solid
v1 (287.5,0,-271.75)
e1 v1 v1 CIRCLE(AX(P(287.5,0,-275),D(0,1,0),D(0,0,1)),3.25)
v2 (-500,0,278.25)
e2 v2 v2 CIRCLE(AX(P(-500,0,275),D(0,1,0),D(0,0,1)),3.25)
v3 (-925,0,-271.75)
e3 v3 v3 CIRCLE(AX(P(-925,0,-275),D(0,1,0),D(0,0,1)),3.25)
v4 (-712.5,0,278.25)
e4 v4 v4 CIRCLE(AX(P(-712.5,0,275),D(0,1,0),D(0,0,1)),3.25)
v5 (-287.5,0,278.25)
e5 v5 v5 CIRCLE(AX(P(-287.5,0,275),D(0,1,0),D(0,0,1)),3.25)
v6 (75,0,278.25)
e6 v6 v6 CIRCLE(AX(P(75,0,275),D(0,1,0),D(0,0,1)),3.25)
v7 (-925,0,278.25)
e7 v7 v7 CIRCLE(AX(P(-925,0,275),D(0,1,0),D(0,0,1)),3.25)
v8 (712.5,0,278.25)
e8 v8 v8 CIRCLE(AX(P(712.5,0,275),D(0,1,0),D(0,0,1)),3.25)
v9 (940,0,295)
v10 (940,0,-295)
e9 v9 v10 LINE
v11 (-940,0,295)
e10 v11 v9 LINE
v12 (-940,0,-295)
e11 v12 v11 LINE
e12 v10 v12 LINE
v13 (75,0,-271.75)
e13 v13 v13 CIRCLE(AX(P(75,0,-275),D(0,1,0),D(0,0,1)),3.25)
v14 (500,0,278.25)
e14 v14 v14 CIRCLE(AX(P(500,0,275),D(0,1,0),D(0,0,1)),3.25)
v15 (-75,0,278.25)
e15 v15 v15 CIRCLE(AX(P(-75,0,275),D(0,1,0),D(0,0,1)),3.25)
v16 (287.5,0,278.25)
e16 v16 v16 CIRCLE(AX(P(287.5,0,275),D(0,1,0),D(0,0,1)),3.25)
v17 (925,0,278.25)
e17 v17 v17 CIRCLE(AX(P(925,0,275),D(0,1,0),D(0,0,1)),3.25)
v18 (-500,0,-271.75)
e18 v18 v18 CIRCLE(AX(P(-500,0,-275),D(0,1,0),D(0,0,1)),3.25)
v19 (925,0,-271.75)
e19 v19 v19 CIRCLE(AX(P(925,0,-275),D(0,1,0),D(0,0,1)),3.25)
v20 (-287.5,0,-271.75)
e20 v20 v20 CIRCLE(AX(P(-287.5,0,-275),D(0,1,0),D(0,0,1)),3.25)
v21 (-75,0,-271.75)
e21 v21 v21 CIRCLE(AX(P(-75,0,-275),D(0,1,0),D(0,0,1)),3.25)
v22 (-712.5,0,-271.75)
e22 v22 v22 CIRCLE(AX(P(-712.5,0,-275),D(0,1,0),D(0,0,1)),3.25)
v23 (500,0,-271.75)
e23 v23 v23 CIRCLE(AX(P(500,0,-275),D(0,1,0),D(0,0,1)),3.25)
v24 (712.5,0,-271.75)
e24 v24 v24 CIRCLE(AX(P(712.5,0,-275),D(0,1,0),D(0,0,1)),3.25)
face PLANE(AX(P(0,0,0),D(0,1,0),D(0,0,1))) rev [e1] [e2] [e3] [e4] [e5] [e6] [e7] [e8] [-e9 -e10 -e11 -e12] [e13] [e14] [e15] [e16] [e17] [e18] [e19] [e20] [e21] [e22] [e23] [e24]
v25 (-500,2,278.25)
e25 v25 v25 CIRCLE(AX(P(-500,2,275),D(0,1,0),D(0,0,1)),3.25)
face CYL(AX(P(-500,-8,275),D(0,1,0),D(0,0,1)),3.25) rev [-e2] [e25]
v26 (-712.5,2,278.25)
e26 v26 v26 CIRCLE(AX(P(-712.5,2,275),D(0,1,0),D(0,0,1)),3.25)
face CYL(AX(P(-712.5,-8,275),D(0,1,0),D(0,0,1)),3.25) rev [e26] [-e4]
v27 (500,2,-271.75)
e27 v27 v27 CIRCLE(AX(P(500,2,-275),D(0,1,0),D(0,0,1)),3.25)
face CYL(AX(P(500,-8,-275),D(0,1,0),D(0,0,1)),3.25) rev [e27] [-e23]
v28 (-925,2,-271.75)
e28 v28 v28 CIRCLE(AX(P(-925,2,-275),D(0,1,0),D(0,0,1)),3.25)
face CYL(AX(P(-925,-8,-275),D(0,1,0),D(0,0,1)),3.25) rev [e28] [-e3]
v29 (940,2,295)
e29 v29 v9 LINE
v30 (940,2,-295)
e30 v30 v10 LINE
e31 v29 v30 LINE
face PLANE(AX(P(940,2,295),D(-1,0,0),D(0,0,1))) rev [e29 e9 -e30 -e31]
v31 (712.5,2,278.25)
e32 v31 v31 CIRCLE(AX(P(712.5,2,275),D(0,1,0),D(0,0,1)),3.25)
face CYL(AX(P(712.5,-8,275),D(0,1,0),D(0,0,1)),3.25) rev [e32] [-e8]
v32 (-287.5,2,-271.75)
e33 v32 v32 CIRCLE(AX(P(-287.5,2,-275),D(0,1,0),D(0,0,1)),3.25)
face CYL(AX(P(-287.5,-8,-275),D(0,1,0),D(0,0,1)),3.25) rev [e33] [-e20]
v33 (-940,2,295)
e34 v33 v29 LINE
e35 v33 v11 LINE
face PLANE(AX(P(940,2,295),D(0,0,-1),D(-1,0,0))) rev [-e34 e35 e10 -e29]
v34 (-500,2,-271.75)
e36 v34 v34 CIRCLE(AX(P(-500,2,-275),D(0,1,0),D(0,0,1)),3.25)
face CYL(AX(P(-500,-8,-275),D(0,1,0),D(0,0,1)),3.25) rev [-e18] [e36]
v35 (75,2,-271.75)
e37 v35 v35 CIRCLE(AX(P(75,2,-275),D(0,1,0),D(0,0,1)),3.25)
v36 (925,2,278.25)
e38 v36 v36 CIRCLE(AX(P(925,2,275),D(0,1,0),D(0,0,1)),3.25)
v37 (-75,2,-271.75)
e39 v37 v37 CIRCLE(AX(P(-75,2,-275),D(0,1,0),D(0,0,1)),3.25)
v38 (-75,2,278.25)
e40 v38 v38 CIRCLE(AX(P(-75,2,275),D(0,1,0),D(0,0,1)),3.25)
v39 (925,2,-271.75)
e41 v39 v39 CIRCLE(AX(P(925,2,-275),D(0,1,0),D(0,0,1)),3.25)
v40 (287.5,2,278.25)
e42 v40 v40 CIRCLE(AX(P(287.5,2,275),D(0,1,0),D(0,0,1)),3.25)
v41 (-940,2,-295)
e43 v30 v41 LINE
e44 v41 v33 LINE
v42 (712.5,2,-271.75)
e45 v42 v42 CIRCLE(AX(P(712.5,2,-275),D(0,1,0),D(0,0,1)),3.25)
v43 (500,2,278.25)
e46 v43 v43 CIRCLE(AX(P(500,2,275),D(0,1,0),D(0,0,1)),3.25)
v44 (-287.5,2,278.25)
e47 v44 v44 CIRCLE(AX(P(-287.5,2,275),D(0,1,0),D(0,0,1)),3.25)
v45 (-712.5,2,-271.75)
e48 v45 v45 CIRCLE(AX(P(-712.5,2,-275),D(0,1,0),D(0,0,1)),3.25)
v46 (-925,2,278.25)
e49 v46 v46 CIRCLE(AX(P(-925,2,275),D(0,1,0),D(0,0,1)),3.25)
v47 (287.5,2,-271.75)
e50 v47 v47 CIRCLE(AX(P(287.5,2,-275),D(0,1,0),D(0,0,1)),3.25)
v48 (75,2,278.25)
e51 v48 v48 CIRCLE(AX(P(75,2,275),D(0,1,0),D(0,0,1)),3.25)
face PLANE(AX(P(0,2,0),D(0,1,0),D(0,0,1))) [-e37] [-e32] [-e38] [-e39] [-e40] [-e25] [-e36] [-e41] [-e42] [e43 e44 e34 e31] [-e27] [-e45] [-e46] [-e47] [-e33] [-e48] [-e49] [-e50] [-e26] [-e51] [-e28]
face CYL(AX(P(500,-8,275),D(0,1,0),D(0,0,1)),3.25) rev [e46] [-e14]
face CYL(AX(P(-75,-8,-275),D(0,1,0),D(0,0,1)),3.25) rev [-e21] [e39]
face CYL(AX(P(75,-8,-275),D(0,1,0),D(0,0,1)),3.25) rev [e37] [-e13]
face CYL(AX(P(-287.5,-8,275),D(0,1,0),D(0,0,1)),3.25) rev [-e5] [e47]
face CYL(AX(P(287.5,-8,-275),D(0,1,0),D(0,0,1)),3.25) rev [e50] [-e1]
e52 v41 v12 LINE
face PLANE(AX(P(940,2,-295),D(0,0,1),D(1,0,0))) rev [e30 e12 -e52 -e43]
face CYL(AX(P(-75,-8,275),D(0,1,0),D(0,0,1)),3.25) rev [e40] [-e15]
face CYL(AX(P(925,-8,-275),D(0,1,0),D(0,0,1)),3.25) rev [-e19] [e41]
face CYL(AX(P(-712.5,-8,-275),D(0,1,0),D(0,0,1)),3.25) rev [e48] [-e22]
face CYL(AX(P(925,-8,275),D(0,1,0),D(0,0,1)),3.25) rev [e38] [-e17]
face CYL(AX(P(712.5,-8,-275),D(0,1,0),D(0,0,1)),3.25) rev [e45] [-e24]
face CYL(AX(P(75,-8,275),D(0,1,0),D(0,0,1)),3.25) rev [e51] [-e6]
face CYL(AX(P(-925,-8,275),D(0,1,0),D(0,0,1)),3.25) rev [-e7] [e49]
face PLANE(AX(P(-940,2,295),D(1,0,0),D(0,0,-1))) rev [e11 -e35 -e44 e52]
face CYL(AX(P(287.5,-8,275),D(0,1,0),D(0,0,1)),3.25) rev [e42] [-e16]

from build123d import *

# Parameters (mm, degrees)
SKETCH1_W           = 1880
SKETCH1_H           = 590
BOSS_EXTRUDE1_DEPTH = 2
SKETCH3_R           = 3.25
CUT_EXTRUDE1_DEPTH  = 10


with BuildPart() as part:
    # Sketch1 → Boss-Extrude1 (new body)
    with BuildSketch(Plane(origin=(0, 0, 0), x_dir=(1, 0, 0), z_dir=(0, 1, 0))):
        Rectangle(SKETCH1_W, SKETCH1_H)
    extrude(amount=BOSS_EXTRUDE1_DEPTH)

    # Sketch3 → Cut-Extrude1 (cut)
    with BuildSketch(Plane(origin=(0, 2, 0), x_dir=(1, 0, 0), z_dir=(0, 1, 0))):
        with Locations(Location((-925, 275, 0), (0, 0, 270))):
            Circle(SKETCH3_R)
        with Locations(Location((-925, -275, 0), (0, 0, 270))):
            Circle(SKETCH3_R)
        with Locations(Location((-712.5, 275, 0), (0, 0, 270))):
            Circle(SKETCH3_R)
        with Locations(Location((-712.5, -275, 0), (0, 0, 270))):
            Circle(SKETCH3_R)
        with Locations(Location((-500, 275, 0), (0, 0, 270))):
            Circle(SKETCH3_R)
        with Locations(Location((-500, -275, 0), (0, 0, 270))):
            Circle(SKETCH3_R)
        with Locations(Location((-287.5, 275, 0), (0, 0, 270))):
            Circle(SKETCH3_R)
        with Locations(Location((-287.5, -275, 0), (0, 0, 270))):
            Circle(SKETCH3_R)
        with Locations(Location((-75, 275, 0), (0, 0, 270))):
            Circle(SKETCH3_R)
        with Locations(Location((-75, -275, 0), (0, 0, 270))):
            Circle(SKETCH3_R)
        with Locations(Location((925, 275, 0), (0, 0, 270))):
            Circle(SKETCH3_R)
        with Locations(Location((925, -275, 0), (0, 0, 270))):
            Circle(SKETCH3_R)
        with Locations(Location((712.5, 275, 0), (0, 0, 270))):
            Circle(SKETCH3_R)
        with Locations(Location((712.5, -275, 0), (0, 0, 270))):
            Circle(SKETCH3_R)
        with Locations(Location((500, 275, 0), (0, 0, 270))):
            Circle(SKETCH3_R)
        with Locations(Location((500, -275, 0), (0, 0, 270))):
            Circle(SKETCH3_R)
        with Locations(Location((287.5, 275, 0), (0, 0, 270))):
            Circle(SKETCH3_R)
        with Locations(Location((287.5, -275, 0), (0, 0, 270))):
            Circle(SKETCH3_R)
        with Locations(Location((75, 275, 0), (0, 0, 270))):
            Circle(SKETCH3_R)
        with Locations(Location((75, -275, 0), (0, 0, 270))):
            Circle(SKETCH3_R)
    extrude(amount=-CUT_EXTRUDE1_DEPTH, mode=Mode.SUBTRACT)


solid = part.part
